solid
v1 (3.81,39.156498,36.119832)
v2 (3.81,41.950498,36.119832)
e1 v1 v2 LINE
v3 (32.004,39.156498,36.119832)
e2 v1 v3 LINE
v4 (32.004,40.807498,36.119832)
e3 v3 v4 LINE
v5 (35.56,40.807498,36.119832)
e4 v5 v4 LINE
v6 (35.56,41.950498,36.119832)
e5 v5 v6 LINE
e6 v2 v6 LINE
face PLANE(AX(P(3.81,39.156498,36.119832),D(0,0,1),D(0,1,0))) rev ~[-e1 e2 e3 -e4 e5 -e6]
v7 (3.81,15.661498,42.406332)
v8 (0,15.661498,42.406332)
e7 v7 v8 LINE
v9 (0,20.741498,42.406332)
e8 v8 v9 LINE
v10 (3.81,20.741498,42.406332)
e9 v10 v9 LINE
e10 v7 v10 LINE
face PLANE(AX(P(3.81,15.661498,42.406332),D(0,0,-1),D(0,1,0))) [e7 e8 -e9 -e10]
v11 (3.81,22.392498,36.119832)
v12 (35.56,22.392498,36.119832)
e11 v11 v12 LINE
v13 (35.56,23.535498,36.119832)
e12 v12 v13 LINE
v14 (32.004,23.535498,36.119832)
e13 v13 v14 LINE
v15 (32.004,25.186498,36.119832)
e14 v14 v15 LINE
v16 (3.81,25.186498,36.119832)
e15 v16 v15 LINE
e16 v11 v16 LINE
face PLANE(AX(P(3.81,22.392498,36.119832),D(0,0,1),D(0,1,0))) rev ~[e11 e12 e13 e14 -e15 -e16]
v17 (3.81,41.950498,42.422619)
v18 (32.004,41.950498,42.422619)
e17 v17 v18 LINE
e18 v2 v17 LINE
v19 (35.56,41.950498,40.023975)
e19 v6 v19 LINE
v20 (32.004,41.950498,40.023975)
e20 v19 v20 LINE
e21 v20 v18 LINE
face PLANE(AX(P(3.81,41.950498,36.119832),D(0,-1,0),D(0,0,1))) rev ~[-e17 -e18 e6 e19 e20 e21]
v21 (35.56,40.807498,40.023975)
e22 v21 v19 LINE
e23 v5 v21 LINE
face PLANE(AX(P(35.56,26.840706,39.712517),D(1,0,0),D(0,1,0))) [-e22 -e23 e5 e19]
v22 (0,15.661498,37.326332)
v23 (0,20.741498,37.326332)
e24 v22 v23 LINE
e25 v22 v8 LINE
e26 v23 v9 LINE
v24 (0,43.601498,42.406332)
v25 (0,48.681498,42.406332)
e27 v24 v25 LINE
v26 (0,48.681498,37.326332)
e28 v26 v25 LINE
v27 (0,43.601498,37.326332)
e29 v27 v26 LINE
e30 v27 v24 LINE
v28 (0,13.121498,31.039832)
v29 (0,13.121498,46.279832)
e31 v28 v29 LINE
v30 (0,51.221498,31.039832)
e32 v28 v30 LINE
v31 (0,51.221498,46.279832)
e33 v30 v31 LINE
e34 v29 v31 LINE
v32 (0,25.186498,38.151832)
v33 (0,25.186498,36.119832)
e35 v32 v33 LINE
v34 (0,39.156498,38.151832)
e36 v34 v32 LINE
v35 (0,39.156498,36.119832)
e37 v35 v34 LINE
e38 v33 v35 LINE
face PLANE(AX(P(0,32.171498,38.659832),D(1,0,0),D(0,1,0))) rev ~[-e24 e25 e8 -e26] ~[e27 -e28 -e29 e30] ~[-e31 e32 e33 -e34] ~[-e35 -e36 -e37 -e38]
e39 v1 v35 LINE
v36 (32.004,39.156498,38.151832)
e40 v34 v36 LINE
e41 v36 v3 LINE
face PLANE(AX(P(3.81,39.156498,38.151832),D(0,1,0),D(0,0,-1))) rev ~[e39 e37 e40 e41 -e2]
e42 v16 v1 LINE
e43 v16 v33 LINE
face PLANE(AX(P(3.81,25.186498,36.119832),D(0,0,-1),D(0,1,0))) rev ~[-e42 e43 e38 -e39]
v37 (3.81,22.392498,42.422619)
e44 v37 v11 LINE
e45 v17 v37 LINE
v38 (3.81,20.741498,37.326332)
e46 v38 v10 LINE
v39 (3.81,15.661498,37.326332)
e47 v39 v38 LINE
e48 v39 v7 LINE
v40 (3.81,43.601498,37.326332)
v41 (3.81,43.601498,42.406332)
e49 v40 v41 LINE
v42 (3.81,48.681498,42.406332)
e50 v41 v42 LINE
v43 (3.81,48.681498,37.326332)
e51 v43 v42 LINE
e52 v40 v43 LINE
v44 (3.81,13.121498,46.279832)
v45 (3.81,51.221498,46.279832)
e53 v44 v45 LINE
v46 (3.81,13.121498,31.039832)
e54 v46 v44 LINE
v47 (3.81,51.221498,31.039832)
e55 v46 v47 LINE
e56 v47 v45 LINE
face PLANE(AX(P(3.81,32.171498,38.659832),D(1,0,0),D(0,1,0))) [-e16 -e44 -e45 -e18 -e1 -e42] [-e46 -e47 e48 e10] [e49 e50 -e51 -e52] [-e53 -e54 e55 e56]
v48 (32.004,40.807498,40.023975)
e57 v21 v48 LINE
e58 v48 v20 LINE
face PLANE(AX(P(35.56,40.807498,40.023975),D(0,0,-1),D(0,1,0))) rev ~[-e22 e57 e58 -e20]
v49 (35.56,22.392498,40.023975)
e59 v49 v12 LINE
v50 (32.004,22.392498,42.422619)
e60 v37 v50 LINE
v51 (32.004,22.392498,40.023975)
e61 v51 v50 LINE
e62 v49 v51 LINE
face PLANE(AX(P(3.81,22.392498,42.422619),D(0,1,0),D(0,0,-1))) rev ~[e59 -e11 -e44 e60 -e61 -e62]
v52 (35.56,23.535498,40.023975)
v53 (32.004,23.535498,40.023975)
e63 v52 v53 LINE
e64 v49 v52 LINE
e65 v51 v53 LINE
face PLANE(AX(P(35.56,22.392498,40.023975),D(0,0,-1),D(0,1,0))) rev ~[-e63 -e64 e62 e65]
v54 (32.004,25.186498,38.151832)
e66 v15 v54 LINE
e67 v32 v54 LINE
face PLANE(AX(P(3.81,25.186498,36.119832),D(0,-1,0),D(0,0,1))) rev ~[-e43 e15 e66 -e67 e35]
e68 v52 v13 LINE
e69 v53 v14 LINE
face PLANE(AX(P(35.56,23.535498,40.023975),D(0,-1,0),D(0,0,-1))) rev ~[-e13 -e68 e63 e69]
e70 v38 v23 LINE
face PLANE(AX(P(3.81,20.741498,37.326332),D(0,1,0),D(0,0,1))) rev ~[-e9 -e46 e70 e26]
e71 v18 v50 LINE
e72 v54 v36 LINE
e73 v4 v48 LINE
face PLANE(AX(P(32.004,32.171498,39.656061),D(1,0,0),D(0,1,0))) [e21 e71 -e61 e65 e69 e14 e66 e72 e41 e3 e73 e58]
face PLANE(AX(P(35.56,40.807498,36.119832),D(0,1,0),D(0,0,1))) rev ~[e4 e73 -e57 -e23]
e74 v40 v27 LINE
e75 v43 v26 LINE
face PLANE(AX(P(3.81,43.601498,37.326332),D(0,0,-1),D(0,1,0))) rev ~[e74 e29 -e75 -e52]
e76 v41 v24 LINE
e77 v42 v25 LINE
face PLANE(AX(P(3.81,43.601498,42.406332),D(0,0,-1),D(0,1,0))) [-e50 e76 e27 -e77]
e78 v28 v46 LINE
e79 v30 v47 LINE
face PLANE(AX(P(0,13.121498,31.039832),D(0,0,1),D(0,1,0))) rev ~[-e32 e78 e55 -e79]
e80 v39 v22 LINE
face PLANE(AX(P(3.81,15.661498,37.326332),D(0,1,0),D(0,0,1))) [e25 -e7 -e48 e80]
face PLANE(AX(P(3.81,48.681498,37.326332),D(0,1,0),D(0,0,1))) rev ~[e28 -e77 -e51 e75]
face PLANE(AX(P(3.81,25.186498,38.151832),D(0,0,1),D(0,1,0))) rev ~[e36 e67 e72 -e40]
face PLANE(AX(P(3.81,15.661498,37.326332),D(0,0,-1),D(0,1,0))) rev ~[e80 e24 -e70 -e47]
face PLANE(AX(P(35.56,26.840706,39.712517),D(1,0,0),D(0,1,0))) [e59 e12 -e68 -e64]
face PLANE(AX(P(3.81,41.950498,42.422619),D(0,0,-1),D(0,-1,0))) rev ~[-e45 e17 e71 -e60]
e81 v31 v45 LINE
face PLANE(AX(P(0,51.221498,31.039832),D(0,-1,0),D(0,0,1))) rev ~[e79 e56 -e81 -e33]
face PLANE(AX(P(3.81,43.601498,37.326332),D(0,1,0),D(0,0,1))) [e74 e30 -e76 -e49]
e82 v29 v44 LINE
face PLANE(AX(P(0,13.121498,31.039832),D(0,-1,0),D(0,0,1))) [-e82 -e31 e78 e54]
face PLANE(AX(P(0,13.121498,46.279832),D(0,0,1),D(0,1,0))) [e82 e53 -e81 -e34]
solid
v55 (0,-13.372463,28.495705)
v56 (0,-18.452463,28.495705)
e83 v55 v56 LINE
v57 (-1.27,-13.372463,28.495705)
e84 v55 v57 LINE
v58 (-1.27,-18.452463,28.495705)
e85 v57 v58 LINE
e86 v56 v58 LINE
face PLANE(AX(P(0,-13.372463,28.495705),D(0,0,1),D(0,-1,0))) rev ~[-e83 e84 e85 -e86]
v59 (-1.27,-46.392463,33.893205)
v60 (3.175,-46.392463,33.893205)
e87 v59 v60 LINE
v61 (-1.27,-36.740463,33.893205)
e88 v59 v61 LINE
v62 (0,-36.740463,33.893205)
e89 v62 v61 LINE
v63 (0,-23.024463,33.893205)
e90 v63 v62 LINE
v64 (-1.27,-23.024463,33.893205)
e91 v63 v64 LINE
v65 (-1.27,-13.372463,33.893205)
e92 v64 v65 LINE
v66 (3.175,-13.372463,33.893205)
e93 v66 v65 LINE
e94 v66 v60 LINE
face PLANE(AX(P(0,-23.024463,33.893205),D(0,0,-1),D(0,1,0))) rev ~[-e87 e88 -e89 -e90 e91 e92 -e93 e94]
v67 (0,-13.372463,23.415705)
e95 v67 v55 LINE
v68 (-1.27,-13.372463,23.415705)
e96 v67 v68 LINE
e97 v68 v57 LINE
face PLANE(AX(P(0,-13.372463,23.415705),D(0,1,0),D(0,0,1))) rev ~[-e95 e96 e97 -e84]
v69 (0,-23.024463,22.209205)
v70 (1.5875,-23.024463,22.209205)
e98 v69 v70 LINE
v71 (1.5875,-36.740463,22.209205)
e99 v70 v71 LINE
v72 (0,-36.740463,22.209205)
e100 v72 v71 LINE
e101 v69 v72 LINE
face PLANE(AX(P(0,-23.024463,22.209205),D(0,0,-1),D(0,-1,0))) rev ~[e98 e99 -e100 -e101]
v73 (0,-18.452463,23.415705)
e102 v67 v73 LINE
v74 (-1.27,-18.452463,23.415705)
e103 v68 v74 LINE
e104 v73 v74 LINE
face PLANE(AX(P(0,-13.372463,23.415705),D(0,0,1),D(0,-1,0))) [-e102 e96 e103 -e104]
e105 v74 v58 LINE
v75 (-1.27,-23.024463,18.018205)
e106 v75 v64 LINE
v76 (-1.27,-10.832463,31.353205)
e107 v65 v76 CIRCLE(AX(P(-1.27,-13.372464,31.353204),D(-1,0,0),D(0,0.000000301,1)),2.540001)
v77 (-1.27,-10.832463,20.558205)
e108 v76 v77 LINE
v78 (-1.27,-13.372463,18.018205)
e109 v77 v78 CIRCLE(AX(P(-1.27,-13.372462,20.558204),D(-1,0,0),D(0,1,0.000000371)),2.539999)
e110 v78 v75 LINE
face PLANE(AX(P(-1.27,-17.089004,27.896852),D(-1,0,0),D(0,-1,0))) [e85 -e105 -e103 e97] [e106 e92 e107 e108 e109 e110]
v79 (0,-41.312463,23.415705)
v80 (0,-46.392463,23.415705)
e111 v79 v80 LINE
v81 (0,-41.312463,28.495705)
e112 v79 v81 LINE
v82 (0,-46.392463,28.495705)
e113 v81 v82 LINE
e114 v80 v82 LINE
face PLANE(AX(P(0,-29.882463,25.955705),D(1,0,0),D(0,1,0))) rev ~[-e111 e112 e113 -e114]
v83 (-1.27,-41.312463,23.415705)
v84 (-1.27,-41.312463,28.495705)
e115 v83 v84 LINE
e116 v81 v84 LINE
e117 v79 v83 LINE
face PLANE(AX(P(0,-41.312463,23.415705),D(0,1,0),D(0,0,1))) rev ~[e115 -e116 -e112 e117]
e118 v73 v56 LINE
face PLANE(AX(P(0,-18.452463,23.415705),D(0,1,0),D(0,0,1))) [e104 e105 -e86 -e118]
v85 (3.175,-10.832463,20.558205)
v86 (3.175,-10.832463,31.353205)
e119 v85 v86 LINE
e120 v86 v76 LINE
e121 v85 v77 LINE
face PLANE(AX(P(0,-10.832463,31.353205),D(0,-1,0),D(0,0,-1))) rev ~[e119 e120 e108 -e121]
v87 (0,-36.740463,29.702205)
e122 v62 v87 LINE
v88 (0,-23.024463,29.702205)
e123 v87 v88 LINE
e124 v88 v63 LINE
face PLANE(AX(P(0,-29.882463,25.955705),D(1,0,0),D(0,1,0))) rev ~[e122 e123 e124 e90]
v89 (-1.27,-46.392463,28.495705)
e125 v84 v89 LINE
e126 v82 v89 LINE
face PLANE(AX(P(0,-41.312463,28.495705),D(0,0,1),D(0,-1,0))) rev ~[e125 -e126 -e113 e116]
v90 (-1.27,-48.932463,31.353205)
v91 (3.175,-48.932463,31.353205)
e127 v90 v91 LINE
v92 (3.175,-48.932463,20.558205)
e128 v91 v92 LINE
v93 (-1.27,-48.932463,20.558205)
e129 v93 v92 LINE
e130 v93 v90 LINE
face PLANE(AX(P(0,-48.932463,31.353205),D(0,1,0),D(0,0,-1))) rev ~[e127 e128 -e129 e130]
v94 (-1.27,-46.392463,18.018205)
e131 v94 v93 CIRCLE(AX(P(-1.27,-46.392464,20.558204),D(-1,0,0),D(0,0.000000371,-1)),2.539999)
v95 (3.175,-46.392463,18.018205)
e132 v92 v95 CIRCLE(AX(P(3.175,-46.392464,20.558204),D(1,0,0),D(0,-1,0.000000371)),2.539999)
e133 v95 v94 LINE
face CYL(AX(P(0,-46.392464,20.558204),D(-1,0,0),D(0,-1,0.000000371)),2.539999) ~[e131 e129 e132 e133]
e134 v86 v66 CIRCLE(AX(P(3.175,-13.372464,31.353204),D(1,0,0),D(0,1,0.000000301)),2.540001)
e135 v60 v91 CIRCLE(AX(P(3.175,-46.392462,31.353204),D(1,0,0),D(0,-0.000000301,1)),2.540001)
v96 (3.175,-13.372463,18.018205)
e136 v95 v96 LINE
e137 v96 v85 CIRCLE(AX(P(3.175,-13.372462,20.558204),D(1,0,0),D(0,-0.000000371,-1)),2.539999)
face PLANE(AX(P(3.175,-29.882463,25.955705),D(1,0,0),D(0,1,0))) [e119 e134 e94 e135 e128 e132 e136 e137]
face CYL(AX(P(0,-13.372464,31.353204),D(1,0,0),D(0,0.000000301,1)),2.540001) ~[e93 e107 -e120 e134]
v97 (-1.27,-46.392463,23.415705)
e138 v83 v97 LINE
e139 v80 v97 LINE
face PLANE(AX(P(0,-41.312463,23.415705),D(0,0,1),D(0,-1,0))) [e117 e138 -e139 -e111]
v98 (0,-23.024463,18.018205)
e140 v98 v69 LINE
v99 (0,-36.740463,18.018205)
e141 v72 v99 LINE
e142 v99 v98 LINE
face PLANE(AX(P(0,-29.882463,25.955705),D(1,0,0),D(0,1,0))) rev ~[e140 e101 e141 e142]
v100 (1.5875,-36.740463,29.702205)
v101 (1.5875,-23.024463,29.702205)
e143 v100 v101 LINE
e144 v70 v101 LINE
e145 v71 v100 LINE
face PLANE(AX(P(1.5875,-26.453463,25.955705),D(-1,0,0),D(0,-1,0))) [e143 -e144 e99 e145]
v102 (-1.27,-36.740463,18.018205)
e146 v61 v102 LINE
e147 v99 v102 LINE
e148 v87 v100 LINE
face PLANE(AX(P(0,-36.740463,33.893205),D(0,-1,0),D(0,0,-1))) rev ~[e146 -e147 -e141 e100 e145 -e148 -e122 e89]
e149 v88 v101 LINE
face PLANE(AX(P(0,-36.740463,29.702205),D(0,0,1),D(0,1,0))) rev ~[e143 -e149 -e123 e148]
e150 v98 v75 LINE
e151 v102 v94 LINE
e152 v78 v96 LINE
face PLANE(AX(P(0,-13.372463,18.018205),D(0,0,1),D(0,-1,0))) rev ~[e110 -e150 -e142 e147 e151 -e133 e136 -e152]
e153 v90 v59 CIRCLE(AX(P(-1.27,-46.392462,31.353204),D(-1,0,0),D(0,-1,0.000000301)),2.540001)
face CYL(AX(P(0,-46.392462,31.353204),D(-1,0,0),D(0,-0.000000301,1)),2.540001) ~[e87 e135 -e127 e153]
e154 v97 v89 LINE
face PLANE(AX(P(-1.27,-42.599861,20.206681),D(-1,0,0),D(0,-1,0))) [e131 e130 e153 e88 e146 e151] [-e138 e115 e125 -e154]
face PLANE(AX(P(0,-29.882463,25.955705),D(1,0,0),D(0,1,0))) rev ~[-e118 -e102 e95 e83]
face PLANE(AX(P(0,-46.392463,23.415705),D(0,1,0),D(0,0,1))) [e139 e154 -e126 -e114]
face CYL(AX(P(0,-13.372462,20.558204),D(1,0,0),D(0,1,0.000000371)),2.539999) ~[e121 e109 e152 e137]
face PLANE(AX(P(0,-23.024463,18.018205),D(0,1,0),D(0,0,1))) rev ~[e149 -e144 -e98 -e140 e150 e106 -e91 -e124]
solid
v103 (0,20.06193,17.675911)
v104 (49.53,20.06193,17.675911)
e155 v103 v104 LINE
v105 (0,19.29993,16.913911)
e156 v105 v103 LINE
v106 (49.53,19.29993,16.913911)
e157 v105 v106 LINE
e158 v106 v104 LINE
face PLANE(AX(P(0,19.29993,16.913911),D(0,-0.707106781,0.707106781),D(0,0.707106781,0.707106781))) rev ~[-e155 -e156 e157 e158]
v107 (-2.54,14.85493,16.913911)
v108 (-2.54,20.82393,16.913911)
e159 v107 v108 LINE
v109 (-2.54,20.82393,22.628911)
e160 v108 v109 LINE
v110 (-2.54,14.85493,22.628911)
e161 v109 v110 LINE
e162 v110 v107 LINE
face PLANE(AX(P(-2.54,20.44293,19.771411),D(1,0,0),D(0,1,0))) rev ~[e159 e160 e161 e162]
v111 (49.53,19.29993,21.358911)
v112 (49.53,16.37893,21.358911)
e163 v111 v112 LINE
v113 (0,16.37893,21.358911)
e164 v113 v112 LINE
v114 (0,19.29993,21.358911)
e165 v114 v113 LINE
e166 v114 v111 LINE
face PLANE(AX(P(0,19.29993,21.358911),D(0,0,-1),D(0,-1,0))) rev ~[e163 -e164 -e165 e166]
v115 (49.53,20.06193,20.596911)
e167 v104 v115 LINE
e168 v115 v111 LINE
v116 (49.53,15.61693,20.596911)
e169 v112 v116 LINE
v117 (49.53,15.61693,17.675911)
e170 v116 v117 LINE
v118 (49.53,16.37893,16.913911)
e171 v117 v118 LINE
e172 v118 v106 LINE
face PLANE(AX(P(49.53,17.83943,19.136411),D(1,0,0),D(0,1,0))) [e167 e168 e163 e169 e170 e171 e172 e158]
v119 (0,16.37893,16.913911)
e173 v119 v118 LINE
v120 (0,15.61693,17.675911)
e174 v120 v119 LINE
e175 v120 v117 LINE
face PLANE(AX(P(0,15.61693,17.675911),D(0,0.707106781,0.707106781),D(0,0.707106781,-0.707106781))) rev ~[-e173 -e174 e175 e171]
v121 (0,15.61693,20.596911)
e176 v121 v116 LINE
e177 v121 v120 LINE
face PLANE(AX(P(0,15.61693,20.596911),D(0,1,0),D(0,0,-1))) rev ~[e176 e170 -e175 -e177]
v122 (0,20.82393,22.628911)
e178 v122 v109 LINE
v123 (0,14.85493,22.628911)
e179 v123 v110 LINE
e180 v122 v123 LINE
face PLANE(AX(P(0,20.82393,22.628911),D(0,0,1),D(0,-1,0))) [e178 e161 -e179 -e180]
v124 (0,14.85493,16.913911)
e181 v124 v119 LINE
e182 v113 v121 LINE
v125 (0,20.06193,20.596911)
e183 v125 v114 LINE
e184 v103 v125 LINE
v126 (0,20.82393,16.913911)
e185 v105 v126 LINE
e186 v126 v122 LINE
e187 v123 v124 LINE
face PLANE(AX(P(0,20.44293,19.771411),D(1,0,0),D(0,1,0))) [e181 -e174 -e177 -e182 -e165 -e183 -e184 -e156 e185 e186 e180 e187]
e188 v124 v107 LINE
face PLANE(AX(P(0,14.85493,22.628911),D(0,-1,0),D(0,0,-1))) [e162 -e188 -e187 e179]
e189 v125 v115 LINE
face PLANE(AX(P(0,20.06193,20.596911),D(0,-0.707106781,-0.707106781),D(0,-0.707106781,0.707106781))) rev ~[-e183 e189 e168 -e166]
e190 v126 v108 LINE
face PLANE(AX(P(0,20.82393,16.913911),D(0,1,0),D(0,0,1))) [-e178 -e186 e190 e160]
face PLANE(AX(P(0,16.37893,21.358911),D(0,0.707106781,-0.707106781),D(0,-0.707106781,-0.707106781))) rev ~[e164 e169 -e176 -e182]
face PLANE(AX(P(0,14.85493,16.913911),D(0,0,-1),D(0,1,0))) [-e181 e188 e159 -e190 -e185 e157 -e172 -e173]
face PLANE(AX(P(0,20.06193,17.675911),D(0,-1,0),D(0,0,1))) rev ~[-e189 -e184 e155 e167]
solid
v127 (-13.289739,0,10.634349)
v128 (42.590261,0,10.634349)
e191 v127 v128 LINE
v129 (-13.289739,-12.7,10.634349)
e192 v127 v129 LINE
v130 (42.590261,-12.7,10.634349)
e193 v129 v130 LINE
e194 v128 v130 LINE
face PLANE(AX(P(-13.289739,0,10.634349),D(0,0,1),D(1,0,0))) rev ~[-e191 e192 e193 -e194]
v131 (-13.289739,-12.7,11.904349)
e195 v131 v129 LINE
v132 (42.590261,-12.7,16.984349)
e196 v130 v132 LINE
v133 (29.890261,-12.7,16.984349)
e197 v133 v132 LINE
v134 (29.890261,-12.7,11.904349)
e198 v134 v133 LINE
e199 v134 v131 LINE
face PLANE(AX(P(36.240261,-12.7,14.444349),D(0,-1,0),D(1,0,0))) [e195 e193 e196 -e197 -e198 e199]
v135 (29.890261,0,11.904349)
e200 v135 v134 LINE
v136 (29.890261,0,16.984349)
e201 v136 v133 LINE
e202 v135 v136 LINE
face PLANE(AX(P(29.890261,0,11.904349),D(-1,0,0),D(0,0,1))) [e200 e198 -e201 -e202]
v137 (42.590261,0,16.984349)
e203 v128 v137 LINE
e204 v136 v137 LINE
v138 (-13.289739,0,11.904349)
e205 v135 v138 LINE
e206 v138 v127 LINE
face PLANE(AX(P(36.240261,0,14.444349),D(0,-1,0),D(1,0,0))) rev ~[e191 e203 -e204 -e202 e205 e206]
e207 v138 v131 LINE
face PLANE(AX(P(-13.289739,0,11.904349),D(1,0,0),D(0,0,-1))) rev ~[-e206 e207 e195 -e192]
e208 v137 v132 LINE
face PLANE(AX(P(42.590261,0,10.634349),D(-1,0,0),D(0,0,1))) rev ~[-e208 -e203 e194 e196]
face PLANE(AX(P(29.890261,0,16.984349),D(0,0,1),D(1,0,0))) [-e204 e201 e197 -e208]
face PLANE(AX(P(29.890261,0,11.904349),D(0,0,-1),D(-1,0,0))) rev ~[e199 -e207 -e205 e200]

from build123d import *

# Parameters (mm, degrees)
F0_W      = 12.7
F0_H      = 5.08
F1_DEPTH  = 12.7
F3_DEPTH  = 3.175
F4_W      = 6.858
F4_H      = 7.493
F5_DEPTH  = 1.5875
F4_W_2    = 5.08
F4_H_2    = 5.08
F6_DEPTH  = 1.27
F8_DEPTH  = 49.53
F9_DEPTH  = 2.54
F10_W     = 38.1
F10_H     = 15.24
F11_DEPTH = 3.81
F12_W     = 5.08
F12_H     = 5.08
F13_DEPTH = 10.16
F14_DEPTH = 31.75
F15_W     = 1.143
F15_H     = 2.398644
F16_DEPTH = 3.556


with BuildPart() as f1:
    # F0 (on Front) → F1 (new body)
    with BuildSketch(Plane.XZ):
        with Locations((36.240261, 14.444349)):
            Rectangle(F0_W, F0_H)
        Polygon((29.890261, 11.904349), (-13.289739, 11.904349), (-13.289739, 10.634349), (42.590261, 10.634349), (42.590261, 11.904349), align=None)
    extrude(amount=F1_DEPTH)


with BuildPart() as f3:
    # F2 (on Right) → F3 (new body)
    with BuildSketch(Plane.YZ):
        with BuildLine():
            Line((-13.372463, 33.893205), (-46.392463, 33.893205))
            ThreePointArc((-46.392463, 33.893205), (-48.188514, 33.149256), (-48.932463, 31.353205))
            Line((-48.932463, 31.353205), (-48.932463, 20.558205))
            ThreePointArc((-48.932463, 20.558205), (-48.188514, 18.762153), (-46.392463, 18.018205))
            Line((-46.392463, 18.018205), (-13.372463, 18.018205))
            ThreePointArc((-13.372463, 18.018205), (-11.576412, 18.762153), (-10.832463, 20.558205))
            Line((-10.832463, 20.558205), (-10.832463, 31.353205))
            ThreePointArc((-10.832463, 31.353205), (-11.576412, 33.149256), (-13.372463, 33.893205))
        make_face()
    extrude(amount=F3_DEPTH)

    # F4 (on face) → F5 (cut)
    with BuildSketch(Plane(origin=(0, 0, 0), x_dir=(0, -1, 0), z_dir=(-1, 0, 0))):
        with Locations((26.453463, 25.955705)):
            Rectangle(F4_W, F4_H)
        with Locations((33.311463, 25.955705)):
            Rectangle(F4_W, F4_H)
    extrude(amount=-F5_DEPTH, mode=Mode.SUBTRACT)

    # F4 (on face) → F6 (join)
    with BuildSketch(Plane(origin=(0, 0, 0), x_dir=(0, -1, 0), z_dir=(-1, 0, 0))):
        with BuildLine():
            Line((23.024463, 22.209205), (23.024463, 29.702205))
            Line((23.024463, 29.702205), (23.024463, 33.893205))
            Line((23.024463, 33.893205), (13.372463, 33.893205))
            ThreePointArc((13.372463, 33.893205), (11.576412, 33.149256), (10.832463, 31.353205))
            Line((10.832463, 31.353205), (10.832463, 22.209205))
            Line((10.832463, 22.209205), (23.024463, 22.209205))
        make_face()
        with Locations((15.912463, 25.955705)):
            Rectangle(F4_W_2, F4_H_2, mode=Mode.SUBTRACT)
        with BuildLine():
            Line((23.024463, 18.018205), (23.024463, 22.209205))
            Line((23.024463, 22.209205), (10.832463, 22.209205))
            Line((10.832463, 22.209205), (10.832463, 20.558205))
            ThreePointArc((10.832463, 20.558205), (11.576412, 18.762153), (13.372463, 18.018205))
            Line((13.372463, 18.018205), (23.024463, 18.018205))
        make_face()
        with BuildLine():
            Line((48.932463, 22.209205), (36.740463, 22.209205))
            Line((36.740463, 22.209205), (36.740463, 18.018205))
            Line((36.740463, 18.018205), (46.392463, 18.018205))
            ThreePointArc((46.392463, 18.018205), (48.188514, 18.762153), (48.932463, 20.558205))
            Line((48.932463, 20.558205), (48.932463, 22.209205))
        make_face()
        with BuildLine():
            Line((36.740463, 33.893205), (36.740463, 29.702205))
            Line((36.740463, 29.702205), (36.740463, 22.209205))
            Line((36.740463, 22.209205), (48.932463, 22.209205))
            Line((48.932463, 22.209205), (48.932463, 23.415705))
            Line((48.932463, 23.415705), (48.932463, 31.353205))
            ThreePointArc((48.932463, 31.353205), (48.188514, 33.149256), (46.392463, 33.893205))
            Line((46.392463, 33.893205), (36.740463, 33.893205))
        make_face()
        with Locations((43.852463, 25.955705)):
            Rectangle(F4_W_2, F4_H_2, mode=Mode.SUBTRACT)
    extrude(amount=F6_DEPTH)


with BuildPart() as f8:
    # F7 (on Right) → F8 (new body)
    with BuildSketch(Plane.YZ):
        Polygon((19.29993, 21.358911), (16.37893, 21.358911), (15.61693, 20.596911), (15.61693, 19.136411), (15.61693, 17.675911), (16.37893, 16.913911), (17.83943, 16.913911), (19.29993, 16.913911), (20.06193, 17.675911), (20.06193, 20.596911), align=None)
    extrude(amount=F8_DEPTH)

    # F7 (on Right) → F9 (join)
    with BuildSketch(Plane.YZ):
        Polygon((20.06193, 22.628911), (20.06193, 21.358911), (20.06193, 20.596911), (20.06193, 17.675911), (20.06193, 16.913911), (20.82393, 16.913911), (20.82393, 22.628911), align=None)
        Polygon((19.29993, 21.358911), (16.37893, 21.358911), (15.61693, 20.596911), (15.61693, 19.136411), (15.61693, 17.675911), (16.37893, 16.913911), (17.83943, 16.913911), (19.29993, 16.913911), (20.06193, 17.675911), (20.06193, 20.596911), align=None)
        Polygon((20.06193, 16.913911), (20.06193, 17.675911), (19.29993, 16.913911), align=None)
        Polygon((16.37893, 16.913911), (15.61693, 17.675911), (15.61693, 16.913911), align=None)
        Polygon((16.37893, 21.358911), (15.61693, 21.358911), (15.61693, 20.596911), align=None)
        Polygon((20.06193, 21.358911), (19.29993, 21.358911), (20.06193, 20.596911), align=None)
        Polygon((15.61693, 20.596911), (15.61693, 21.358911), (16.37893, 21.358911), (19.29993, 21.358911), (20.06193, 21.358911), (20.06193, 22.628911), (14.85493, 22.628911), (14.85493, 16.913911), (15.61693, 16.913911), (15.61693, 17.675911), (15.61693, 19.136411), align=None)
    extrude(amount=-F9_DEPTH)


with BuildPart() as f11:
    # F10 (on Right) → F11 (new body)
    with BuildSketch(Plane.YZ):
        with Locations((32.171498, 38.659832)):
            Rectangle(F10_W, F10_H)
    extrude(amount=F11_DEPTH)

    # F12 (on face) → F13 (cut)
    with BuildSketch(Plane.YZ.offset(3.81)):
        Polygon((32.171498, 38.151832), (25.186498, 38.151832), (25.186498, 36.119832), (32.171498, 36.119832), (39.156498, 36.119832), (39.156498, 38.151832), align=None)
        with Locations((46.141498, 39.866332)):
            Rectangle(F12_W, F12_H)
        with Locations((18.201498, 39.866332)):
            Rectangle(F12_W, F12_H)
    extrude(amount=-F13_DEPTH, mode=Mode.SUBTRACT)

    # F12 (on face) → F14 (join)
    with BuildSketch(Plane.YZ.offset(3.81)):
        Polygon((25.186498, 36.119832), (25.186498, 38.151832), (32.171498, 38.151832), (32.171498, 42.422619), (22.392498, 42.422619), (22.392498, 36.119832), align=None)
        Polygon((32.171498, 42.422619), (32.171498, 38.151832), (39.156498, 38.151832), (39.156498, 36.119832), (41.950498, 36.119832), (41.950498, 42.422619), align=None)
    extrude(amount=F14_DEPTH)

    # F15 (on face) → F16 (cut)
    with BuildSketch(Plane.YZ.offset(35.56)):
        Polygon((32.171498, 42.422619), (23.535498, 42.422619), (23.535498, 40.023975), (23.535498, 36.119832), (25.186498, 36.119832), (25.186498, 38.151832), (39.156498, 38.151832), (39.156498, 36.119832), (40.807498, 36.119832), (40.807498, 40.023975), (40.807498, 42.422619), align=None)
        with Locations((22.963998, 41.223297)):
            Rectangle(F15_W, F15_H)
        with Locations((41.378998, 41.223297)):
            Rectangle(F15_W, F15_H)
    extrude(amount=-F16_DEPTH, mode=Mode.SUBTRACT)


solid = Compound([f1.part, f3.part, f8.part, f11.part])
